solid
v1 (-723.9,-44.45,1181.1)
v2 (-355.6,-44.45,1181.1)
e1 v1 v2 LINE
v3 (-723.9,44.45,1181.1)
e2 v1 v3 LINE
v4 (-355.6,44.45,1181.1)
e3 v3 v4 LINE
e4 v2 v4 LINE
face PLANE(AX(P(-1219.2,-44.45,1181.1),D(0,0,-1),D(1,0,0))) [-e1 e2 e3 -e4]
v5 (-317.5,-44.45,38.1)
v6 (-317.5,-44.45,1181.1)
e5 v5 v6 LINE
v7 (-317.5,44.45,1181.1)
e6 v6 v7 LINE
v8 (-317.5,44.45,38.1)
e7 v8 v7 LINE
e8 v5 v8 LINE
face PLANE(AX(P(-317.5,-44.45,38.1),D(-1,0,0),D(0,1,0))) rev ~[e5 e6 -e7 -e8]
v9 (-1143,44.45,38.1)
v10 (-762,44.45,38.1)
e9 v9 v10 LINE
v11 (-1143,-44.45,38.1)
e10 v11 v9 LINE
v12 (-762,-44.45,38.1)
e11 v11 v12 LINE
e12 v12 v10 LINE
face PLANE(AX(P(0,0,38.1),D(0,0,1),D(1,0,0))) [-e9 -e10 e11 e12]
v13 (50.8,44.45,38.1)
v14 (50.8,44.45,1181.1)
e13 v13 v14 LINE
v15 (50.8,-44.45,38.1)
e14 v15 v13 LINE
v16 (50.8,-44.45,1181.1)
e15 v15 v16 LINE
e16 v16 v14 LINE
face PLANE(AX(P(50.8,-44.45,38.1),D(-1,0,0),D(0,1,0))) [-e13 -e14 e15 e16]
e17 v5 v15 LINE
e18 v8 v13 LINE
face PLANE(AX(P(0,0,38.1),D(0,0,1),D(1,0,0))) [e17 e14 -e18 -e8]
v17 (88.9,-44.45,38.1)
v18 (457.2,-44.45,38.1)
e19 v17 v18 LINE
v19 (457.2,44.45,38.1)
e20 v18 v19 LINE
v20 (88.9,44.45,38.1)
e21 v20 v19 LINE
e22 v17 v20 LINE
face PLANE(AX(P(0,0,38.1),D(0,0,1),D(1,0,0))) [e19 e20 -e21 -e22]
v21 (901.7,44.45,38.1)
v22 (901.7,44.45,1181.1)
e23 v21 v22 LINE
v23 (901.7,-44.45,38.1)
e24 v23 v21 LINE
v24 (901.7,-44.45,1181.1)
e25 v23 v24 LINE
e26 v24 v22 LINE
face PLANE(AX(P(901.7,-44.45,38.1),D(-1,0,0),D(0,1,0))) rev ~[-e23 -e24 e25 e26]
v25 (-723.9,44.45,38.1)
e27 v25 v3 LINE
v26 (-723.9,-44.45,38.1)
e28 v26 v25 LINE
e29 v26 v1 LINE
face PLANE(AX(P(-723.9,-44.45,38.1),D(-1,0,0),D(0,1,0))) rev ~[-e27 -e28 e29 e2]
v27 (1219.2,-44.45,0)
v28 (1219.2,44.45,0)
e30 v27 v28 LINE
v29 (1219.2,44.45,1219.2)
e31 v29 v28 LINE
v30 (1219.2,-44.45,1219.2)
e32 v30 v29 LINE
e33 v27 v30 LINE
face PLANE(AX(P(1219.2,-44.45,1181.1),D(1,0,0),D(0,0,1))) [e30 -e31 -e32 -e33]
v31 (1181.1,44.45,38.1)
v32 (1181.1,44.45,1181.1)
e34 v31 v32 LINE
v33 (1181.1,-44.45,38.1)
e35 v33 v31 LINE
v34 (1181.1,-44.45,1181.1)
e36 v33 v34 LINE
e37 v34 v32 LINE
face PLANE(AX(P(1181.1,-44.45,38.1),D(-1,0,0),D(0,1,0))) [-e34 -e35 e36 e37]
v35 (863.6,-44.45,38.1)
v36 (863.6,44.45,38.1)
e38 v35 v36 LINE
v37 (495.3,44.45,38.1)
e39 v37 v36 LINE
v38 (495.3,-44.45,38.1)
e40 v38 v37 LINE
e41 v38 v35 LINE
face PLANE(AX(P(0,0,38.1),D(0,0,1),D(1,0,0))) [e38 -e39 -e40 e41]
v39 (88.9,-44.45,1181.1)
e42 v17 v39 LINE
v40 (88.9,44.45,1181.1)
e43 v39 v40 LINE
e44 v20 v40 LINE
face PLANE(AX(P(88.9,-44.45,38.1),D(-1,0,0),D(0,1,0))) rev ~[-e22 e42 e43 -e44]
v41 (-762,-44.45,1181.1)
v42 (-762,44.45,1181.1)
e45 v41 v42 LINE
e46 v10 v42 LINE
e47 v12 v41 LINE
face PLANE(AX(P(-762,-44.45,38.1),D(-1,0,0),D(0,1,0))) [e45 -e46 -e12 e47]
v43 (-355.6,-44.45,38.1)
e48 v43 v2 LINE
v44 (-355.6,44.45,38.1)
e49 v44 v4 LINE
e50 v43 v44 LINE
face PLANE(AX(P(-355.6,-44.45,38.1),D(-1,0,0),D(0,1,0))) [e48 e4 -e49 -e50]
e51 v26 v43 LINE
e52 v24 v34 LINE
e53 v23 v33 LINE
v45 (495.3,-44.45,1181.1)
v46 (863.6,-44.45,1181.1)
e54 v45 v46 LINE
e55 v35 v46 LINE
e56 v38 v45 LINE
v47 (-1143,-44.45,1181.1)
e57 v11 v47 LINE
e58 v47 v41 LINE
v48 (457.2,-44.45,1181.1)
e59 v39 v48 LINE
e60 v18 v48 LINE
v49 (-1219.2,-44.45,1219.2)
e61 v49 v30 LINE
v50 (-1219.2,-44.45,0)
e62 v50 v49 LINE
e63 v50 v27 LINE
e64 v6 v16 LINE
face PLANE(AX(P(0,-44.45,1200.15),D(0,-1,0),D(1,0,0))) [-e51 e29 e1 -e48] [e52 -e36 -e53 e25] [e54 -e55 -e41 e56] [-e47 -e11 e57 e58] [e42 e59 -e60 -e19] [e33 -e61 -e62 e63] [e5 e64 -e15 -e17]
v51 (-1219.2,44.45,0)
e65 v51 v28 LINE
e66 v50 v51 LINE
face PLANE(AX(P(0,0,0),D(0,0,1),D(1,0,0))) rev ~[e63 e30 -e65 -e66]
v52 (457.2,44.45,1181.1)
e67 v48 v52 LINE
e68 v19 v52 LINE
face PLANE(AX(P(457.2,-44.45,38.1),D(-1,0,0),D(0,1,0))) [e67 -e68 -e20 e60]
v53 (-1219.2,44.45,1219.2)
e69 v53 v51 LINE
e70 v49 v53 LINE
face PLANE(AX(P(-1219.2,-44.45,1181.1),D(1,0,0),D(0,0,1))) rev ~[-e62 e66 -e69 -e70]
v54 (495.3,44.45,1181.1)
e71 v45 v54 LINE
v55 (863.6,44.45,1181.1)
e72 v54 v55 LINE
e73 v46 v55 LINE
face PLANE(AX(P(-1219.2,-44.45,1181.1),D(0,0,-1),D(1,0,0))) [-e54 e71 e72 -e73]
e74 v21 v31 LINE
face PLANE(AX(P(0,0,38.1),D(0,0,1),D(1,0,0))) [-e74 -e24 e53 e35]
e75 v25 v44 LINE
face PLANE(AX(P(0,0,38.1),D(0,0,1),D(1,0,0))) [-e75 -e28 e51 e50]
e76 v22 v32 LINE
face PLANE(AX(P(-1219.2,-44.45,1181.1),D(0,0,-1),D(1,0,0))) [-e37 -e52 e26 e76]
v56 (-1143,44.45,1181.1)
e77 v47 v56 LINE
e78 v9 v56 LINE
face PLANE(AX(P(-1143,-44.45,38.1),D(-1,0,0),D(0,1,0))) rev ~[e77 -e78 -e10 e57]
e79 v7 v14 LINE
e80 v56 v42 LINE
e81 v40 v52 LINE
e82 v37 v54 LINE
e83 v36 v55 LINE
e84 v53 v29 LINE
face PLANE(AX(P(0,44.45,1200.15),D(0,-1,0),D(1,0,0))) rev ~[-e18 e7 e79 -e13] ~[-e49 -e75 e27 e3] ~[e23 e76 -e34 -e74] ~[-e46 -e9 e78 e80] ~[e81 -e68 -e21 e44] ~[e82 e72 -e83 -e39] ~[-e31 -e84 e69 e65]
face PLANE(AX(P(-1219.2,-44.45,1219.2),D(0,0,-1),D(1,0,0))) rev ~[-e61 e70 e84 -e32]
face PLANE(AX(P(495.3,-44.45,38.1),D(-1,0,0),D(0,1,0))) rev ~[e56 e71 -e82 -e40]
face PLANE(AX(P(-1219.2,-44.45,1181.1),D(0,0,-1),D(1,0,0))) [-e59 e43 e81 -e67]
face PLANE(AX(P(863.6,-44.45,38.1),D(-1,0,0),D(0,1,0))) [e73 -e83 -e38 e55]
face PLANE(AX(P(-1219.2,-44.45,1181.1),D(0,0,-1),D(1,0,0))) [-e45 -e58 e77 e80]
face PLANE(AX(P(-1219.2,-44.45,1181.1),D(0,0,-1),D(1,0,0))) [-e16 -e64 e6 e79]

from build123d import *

# Parameters (mm, degrees)
F0_W     = 2438.4
F0_H     = 88.9
F1_DEPTH = 38.1
F2_W     = 38.1
F2_H     = 88.9
F3_DEPTH = 1143
F4_W     = 2438.4
F4_H     = 38.1
F5_DEPTH = 88.9


with BuildPart() as f1:
    # F0 (on Top) → F1 (new body)
    with BuildSketch(Plane.XY):
        Rectangle(F0_W, F0_H)
    extrude(amount=F1_DEPTH)

    # F2 (on face) → F3 (join)
    with BuildSketch(Plane.XY.offset(38.1)):
        with Locations((1200.15, 0)):
            Rectangle(F2_W, F2_H)
        with Locations((882.65, 0)):
            Rectangle(F2_W, F2_H)
        with Locations((476.25, 0)):
            Rectangle(F2_W, F2_H)
        with Locations((69.85, 0)):
            Rectangle(F2_W, F2_H)
        with Locations((-336.55, 0)):
            Rectangle(F2_W, F2_H)
        with Locations((-742.95, 0)):
            Rectangle(F2_W, F2_H)
        with Locations((-1200.15, 0)):
            Rectangle(F2_W, F2_H)
        with Locations((-1162.05, 0)):
            Rectangle(F2_W, F2_H)
    extrude(amount=F3_DEPTH)

    # F4 (on face) → F5 (join)
    with BuildSketch(Plane.XZ.offset(44.45)):
        with Locations((0, 1200.15)):
            Rectangle(F4_W, F4_H)
    extrude(amount=-F5_DEPTH)


solid = f1.part
